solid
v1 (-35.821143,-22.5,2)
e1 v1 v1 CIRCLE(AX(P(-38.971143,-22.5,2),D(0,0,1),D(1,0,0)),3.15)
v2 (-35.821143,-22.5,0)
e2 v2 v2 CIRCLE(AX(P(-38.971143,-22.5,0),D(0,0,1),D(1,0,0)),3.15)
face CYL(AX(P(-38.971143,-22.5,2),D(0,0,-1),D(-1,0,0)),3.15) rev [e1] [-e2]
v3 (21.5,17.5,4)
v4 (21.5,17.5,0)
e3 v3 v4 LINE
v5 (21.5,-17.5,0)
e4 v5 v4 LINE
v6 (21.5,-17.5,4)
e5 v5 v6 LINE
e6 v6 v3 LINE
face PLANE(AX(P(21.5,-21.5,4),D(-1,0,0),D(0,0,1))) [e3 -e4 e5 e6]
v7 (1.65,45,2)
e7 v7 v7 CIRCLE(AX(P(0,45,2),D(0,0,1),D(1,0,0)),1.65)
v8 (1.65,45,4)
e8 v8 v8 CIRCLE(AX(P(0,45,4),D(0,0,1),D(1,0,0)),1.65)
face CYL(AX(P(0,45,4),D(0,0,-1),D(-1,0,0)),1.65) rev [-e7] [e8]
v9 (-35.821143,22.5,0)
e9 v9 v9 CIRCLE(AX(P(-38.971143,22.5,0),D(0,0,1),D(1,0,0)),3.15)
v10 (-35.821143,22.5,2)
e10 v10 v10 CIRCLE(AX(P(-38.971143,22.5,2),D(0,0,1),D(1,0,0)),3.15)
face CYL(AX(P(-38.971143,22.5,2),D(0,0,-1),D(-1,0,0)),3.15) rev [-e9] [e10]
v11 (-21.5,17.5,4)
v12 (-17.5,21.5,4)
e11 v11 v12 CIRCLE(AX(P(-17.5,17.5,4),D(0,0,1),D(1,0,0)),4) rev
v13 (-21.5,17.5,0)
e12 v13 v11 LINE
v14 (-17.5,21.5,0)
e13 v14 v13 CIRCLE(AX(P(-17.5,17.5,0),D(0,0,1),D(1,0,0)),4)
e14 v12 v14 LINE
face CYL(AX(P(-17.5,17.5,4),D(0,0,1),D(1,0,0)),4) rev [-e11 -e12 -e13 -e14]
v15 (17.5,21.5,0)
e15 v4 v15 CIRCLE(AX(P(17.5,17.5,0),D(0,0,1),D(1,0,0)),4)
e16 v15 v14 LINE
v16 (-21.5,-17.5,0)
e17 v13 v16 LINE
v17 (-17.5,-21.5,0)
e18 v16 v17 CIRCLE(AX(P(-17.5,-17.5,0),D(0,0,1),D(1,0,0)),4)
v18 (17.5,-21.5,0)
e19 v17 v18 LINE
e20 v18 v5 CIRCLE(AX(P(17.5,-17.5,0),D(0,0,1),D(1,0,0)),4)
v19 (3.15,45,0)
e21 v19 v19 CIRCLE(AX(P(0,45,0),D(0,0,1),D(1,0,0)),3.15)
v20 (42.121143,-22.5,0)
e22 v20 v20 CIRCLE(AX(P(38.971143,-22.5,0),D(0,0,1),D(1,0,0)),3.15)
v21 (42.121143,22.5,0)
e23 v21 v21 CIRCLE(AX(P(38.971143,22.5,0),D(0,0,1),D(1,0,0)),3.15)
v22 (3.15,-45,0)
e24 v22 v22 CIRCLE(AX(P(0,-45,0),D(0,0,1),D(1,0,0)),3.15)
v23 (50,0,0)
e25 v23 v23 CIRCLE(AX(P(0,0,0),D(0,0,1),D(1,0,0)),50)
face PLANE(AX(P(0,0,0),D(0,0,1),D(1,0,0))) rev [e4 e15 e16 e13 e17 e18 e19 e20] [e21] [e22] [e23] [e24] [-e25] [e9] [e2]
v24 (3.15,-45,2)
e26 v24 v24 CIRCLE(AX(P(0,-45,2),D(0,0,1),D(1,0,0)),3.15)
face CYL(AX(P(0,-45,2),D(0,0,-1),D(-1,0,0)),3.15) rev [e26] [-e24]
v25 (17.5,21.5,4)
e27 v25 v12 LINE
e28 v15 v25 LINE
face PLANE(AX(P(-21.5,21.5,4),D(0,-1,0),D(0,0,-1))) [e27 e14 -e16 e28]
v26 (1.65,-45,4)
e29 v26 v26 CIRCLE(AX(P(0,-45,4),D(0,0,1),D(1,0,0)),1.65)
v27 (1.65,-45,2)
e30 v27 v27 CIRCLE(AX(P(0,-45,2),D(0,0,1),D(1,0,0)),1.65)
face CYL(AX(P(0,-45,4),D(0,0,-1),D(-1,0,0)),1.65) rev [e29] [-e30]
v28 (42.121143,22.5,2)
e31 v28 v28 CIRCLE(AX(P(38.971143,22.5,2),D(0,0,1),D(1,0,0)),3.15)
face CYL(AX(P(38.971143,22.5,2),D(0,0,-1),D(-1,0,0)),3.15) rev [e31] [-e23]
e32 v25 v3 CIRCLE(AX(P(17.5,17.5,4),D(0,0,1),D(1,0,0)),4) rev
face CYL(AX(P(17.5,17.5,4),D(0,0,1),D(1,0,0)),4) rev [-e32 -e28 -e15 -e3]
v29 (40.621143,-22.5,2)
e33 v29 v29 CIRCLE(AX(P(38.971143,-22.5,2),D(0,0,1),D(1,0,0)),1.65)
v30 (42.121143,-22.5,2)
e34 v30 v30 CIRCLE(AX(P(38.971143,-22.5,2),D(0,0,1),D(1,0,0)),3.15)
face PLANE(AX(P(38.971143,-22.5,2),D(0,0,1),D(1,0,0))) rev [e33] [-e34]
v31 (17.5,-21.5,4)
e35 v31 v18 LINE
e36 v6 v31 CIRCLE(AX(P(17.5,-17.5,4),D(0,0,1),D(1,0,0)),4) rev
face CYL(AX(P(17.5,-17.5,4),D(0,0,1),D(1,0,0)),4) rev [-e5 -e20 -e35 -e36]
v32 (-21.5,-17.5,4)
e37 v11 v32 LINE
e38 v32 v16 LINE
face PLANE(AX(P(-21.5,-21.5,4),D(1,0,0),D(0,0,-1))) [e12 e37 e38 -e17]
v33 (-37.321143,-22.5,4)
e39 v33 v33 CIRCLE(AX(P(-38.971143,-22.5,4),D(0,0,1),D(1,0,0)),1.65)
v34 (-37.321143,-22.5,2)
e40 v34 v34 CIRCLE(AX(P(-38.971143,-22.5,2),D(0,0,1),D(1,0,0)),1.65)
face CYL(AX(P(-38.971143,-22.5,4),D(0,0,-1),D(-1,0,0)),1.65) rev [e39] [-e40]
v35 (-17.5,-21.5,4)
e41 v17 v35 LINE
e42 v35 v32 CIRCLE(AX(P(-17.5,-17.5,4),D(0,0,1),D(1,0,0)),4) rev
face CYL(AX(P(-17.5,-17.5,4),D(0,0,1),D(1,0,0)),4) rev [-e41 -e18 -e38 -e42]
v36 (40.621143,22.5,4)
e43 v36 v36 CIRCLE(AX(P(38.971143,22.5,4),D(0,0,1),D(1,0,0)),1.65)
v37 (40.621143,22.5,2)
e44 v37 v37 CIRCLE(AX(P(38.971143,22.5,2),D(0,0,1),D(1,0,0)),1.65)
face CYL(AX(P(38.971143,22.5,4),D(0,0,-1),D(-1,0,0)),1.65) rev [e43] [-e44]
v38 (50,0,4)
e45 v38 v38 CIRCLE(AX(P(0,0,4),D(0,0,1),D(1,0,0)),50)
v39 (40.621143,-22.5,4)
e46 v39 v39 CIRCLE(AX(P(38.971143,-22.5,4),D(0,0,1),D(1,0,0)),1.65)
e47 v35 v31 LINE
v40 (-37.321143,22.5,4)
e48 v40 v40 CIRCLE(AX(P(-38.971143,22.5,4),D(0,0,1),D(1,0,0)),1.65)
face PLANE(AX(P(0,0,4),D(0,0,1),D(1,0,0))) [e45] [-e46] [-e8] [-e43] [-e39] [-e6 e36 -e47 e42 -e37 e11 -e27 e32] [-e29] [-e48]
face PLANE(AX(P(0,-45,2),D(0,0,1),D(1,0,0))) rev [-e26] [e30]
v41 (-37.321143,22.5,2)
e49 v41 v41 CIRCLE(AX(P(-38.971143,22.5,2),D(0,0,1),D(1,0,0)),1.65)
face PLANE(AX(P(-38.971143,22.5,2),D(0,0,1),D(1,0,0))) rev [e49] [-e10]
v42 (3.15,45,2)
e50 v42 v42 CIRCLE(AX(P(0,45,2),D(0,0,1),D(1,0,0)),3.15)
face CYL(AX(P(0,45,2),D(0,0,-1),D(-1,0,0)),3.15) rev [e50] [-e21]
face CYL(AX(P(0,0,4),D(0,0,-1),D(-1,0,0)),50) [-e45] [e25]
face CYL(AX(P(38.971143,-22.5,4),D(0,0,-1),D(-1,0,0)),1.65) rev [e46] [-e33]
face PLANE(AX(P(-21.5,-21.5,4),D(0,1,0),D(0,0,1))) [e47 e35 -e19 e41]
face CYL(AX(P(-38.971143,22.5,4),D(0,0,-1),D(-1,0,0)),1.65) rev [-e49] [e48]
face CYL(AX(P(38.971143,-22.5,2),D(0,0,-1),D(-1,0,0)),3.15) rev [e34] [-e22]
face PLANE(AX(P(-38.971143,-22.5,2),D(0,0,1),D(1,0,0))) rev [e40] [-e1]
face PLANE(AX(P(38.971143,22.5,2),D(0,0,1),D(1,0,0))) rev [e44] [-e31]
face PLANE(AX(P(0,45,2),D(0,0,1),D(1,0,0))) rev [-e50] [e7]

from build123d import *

# Parameters (mm, degrees)
SKETCH_1_R          = 50
SKETCH_1_R_2        = 1.65
SKETCH_1_W          = 43
SKETCH_1_H          = 43
EXTRUDE_1_DEPTH     = 4
SKETCH_2_R          = 3.15
CUT_EXTRUDE_1_DEPTH = 2
FILLET_1_R          = 4


with BuildPart() as part:
    # 草图1 → 凸台-拉伸1 (new body)
    with BuildSketch(Plane.XY):
        Circle(SKETCH_1_R)
        with Locations((-38.97114317, 22.5)):
            Circle(SKETCH_1_R_2, mode=Mode.SUBTRACT)
        with Locations((0, 45)):
            Circle(SKETCH_1_R_2, mode=Mode.SUBTRACT)
        with Locations((38.97114317, 22.5)):
            Circle(SKETCH_1_R_2, mode=Mode.SUBTRACT)
        with Locations((38.97114317, -22.5)):
            Circle(SKETCH_1_R_2, mode=Mode.SUBTRACT)
        with Locations((0, -45)):
            Circle(SKETCH_1_R_2, mode=Mode.SUBTRACT)
        with Locations((-38.97114317, -22.5)):
            Circle(SKETCH_1_R_2, mode=Mode.SUBTRACT)
        Rectangle(SKETCH_1_W, SKETCH_1_H, mode=Mode.SUBTRACT)
    extrude(amount=EXTRUDE_1_DEPTH)

    # 草图2 → 切除-拉伸1 (cut)
    with BuildSketch(Plane.XY):
        with Locations((0, 45)):
            Circle(SKETCH_2_R)
        with Locations((38.97114317, 22.5)):
            Circle(SKETCH_2_R)
        with Locations((38.97114317, -22.5)):
            Circle(SKETCH_2_R)
        with Locations((0, -45)):
            Circle(SKETCH_2_R)
        with Locations((-38.97114317, -22.5)):
            Circle(SKETCH_2_R)
        with Locations((-38.97114317, 22.5)):
            Circle(SKETCH_2_R)
    extrude(amount=CUT_EXTRUDE_1_DEPTH, mode=Mode.SUBTRACT)

    # 圆角1
    fillet_1_edges = [part.edges().sort_by_distance(p)[0] for p in [
        (21.5, -21.5, 2),
        (21.5, 21.5, 2),
        (-21.5, 21.5, 2),
        (-21.5, -21.5, 2),
    ]]
    fillet(fillet_1_edges, radius=FILLET_1_R)


solid = part.part
